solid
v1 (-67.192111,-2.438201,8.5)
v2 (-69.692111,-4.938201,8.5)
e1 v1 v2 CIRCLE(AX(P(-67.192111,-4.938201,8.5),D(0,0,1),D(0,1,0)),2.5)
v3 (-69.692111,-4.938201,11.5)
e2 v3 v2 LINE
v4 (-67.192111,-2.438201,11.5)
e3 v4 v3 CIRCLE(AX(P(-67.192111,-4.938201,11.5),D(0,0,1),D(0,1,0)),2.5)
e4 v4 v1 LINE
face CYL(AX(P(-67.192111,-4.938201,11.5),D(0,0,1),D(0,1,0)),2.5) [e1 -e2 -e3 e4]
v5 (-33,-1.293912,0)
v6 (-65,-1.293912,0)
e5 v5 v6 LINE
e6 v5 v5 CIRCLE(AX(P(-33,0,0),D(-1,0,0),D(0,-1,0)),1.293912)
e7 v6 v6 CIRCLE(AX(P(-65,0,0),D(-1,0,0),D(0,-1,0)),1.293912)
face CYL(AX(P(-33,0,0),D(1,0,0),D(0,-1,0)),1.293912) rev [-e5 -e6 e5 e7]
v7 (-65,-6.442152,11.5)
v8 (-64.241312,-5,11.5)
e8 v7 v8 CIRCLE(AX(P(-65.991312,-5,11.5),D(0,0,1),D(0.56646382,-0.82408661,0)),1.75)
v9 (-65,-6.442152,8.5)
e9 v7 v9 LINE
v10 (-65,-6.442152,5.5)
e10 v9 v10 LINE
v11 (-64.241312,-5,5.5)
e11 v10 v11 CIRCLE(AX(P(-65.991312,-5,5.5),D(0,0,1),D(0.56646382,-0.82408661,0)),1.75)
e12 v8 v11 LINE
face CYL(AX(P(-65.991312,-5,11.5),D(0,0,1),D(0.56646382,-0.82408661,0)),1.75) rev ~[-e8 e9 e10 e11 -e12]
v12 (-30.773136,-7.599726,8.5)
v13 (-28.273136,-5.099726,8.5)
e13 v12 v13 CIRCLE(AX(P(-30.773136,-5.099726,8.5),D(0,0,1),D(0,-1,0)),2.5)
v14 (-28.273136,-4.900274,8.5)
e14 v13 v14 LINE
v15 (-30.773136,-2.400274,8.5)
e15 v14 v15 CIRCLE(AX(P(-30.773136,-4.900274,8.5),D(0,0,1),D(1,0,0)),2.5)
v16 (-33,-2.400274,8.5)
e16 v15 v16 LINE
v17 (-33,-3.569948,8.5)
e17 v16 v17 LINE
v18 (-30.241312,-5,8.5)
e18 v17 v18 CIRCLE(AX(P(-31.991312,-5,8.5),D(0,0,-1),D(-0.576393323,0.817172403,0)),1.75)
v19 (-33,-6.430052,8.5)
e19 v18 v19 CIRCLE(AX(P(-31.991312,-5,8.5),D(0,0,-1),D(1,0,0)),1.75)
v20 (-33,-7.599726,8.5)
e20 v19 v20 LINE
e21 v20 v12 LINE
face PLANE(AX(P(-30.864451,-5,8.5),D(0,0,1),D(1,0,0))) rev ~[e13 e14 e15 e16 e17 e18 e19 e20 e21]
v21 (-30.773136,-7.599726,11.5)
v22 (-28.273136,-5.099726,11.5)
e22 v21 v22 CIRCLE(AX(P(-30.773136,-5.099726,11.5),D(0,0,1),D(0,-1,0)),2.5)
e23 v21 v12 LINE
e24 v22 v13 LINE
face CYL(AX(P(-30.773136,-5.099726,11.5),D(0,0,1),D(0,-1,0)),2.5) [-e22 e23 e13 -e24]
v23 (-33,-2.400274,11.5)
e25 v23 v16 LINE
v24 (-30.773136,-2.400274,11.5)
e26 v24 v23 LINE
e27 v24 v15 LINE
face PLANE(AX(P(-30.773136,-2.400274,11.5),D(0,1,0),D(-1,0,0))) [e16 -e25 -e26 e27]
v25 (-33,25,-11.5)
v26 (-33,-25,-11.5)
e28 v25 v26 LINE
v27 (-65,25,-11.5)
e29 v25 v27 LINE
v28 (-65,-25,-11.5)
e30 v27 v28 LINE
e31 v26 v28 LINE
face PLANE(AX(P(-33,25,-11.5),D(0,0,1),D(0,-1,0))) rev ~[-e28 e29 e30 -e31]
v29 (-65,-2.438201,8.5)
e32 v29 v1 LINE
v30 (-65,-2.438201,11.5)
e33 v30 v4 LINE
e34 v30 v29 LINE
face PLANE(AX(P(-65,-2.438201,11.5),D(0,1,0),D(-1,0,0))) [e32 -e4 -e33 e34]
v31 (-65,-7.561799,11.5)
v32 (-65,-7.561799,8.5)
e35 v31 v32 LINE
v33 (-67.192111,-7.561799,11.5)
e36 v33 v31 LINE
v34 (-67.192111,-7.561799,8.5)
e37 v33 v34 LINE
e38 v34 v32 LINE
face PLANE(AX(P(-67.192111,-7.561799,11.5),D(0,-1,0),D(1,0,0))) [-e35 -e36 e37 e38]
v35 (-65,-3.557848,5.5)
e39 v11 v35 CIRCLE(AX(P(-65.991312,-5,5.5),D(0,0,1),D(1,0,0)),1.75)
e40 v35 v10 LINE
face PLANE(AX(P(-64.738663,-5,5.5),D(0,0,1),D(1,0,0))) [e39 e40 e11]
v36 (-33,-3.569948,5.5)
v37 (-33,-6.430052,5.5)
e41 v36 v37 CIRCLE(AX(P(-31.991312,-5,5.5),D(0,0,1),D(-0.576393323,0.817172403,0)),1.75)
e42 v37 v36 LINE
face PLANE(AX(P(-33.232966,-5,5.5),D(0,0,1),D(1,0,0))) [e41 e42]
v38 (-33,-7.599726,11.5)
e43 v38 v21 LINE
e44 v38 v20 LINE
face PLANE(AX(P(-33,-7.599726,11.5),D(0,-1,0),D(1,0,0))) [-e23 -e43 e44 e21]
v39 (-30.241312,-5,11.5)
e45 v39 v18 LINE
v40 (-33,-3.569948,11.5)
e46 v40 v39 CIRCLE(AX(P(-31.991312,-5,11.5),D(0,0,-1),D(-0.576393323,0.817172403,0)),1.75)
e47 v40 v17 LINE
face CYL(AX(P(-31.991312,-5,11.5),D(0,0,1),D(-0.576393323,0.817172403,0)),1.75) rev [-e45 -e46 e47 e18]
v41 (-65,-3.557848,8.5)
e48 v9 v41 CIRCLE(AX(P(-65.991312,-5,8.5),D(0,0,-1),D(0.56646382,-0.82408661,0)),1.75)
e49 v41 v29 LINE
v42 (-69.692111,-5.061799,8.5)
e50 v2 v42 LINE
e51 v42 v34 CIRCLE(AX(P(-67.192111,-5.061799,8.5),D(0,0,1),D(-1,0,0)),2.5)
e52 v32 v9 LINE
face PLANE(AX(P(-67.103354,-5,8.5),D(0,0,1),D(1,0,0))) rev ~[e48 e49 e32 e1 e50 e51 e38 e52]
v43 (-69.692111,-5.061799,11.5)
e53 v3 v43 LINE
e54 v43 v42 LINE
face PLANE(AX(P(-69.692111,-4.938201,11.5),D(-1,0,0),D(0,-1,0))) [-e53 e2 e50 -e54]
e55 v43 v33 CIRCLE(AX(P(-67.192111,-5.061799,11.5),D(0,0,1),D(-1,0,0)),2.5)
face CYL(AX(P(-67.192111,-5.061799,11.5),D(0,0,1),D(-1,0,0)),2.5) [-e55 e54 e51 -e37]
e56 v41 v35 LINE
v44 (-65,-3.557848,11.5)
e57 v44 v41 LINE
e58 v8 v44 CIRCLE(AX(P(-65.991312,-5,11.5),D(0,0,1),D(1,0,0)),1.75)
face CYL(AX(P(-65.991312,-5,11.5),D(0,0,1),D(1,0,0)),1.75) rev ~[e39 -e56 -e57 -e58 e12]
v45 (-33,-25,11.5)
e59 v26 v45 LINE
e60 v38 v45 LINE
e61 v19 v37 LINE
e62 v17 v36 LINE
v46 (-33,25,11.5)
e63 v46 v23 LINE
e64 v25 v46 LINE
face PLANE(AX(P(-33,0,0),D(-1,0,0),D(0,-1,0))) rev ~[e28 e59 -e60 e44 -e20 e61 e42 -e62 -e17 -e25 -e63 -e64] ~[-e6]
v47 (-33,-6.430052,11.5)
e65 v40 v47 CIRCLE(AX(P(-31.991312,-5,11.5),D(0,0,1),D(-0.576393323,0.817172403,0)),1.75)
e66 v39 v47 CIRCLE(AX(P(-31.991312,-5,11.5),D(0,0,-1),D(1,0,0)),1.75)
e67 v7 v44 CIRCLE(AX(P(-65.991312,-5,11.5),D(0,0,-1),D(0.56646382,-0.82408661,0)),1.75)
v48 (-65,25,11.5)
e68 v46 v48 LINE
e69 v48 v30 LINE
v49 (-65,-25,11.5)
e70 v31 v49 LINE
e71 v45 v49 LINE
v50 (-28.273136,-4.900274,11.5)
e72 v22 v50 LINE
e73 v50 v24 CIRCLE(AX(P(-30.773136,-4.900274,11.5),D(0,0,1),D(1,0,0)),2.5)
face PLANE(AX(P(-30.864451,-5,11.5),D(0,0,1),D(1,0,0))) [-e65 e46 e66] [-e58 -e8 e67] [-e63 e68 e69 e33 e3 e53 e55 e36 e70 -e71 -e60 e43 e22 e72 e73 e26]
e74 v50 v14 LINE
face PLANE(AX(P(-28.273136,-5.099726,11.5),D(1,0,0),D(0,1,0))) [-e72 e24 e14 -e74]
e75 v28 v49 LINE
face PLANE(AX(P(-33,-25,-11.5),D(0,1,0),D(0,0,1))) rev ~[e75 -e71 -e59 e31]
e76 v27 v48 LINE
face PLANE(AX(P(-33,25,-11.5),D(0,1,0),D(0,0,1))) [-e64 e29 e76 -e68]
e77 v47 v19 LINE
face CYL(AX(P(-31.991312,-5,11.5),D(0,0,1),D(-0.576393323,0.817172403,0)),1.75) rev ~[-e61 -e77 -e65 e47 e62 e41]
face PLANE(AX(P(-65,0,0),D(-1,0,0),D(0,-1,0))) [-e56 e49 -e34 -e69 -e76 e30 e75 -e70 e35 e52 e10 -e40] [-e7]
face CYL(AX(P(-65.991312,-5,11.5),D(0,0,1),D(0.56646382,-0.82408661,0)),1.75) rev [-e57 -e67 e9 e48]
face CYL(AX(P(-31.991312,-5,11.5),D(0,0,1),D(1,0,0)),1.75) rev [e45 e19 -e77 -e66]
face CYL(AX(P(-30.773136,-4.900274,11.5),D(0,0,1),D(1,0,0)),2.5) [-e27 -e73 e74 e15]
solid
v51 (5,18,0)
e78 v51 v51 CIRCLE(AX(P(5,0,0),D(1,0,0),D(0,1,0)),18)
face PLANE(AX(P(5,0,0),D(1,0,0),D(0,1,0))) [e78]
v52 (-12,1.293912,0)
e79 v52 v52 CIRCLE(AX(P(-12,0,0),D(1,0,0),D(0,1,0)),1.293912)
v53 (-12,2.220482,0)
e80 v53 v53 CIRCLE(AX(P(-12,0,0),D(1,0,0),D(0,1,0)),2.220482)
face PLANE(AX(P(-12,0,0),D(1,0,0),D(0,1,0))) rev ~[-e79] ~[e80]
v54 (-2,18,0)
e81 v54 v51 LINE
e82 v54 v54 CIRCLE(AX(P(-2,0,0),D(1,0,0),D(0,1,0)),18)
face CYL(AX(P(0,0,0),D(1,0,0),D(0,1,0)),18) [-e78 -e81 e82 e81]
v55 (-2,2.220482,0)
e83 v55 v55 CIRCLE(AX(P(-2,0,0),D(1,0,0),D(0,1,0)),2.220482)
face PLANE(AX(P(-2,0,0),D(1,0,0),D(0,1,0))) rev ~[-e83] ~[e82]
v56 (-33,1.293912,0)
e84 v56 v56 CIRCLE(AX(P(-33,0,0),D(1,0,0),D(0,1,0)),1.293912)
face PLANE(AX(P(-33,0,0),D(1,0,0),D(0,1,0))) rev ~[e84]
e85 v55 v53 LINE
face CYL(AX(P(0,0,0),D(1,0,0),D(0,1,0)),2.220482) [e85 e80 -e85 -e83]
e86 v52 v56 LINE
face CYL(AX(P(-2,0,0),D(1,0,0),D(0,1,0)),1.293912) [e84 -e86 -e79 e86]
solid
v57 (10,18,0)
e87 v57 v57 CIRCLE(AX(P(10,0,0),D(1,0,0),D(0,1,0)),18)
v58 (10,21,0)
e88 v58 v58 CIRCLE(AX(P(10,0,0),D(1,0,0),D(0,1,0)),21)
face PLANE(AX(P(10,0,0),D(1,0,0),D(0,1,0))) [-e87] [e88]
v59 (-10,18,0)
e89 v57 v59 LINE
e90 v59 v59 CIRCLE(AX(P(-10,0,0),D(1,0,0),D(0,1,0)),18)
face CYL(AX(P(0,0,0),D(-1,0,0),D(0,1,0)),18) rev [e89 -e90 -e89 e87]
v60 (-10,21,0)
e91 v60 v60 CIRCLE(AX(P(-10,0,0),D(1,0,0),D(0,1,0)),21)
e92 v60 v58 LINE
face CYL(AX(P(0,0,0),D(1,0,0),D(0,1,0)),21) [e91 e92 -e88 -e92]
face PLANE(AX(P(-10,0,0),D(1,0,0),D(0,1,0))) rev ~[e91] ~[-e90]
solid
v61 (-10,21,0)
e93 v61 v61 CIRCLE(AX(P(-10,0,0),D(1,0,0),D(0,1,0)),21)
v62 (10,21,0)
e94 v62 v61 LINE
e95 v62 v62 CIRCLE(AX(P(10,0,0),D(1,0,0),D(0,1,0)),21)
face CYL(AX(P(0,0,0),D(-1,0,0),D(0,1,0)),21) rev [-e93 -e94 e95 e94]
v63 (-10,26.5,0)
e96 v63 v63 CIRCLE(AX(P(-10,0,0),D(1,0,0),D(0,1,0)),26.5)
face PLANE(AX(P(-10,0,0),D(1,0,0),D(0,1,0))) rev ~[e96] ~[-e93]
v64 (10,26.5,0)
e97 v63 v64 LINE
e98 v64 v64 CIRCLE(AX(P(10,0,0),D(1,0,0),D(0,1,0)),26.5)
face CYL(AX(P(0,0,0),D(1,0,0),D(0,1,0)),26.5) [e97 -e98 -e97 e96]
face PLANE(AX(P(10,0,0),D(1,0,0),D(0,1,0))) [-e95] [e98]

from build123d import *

# Parameters (mm, degrees)
F0_R          = 26.5
F0_R_2        = 21
F1_DEPTH      = 10
F2_R          = 21
F2_R_2        = 18
F3_DEPTH      = 10
F4_R          = 18
F5_DEPTH      = 5
F5_DEPTH_BACK = 2
F6_R          = 2.2204818147
F6_R_2        = 1.293911516
F7_DEPTH      = 12
F8_DEPTH      = 31
F9_W          = 50
F9_H          = 23
F9_R          = 1.293911516
F10_DEPTH     = 32
F12_DEPTH     = 6
F13_DEPTH     = 3
F14_DEPTH     = 6
F15_DEPTH     = 3


with BuildPart() as f1:
    # F0 (on Right) → F1 (new body, symmetric)
    with BuildSketch(Plane.YZ):
        Circle(F0_R)
        Circle(F0_R_2, mode=Mode.SUBTRACT)
    extrude(amount=F1_DEPTH, both=True)


with BuildPart() as f3:
    # F2 (on Right) → F3 (new body, symmetric)
    with BuildSketch(Plane.YZ):
        Circle(F2_R)
        Circle(F2_R_2, mode=Mode.SUBTRACT)
    extrude(amount=F3_DEPTH, both=True)


with BuildPart() as f5:
    # F4 (on Right) → F5 (new body, two sides)
    with BuildSketch(Plane.YZ) as f5_sk:
        Circle(F4_R)
    extrude(amount=F5_DEPTH)
    extrude(f5_sk.sketch, amount=-F5_DEPTH_BACK)

    # F6 (on Right) → F7 (join)
    with BuildSketch(Plane.YZ):
        Circle(F6_R)
        Circle(F6_R_2, mode=Mode.SUBTRACT)
    extrude(amount=-F7_DEPTH)

    # F8 (add): a face of the model
    f8_faces = [f5.faces().sort_by_distance(p)[0] for p in [
        (-2, 0, 0),
    ]]
    extrude(f8_faces, amount=F8_DEPTH)


with BuildPart() as f10:
    # F9 (on face) → F10 (new body)
    with BuildSketch(Plane(origin=(-33, 0, 0), x_dir=(0, -1, 0), z_dir=(-1, 0, 0))):
        Rectangle(F9_W, F9_H)
        Circle(F9_R, mode=Mode.SUBTRACT)
    extrude(amount=F10_DEPTH)

    # F11 (on face) → F12 (cut)
    with BuildSketch(Plane.XY.offset(11.5)):
        with BuildLine():
            ThreePointArc((-64.2413116843, -5), (-64.4425548526, -4.1852286969), (-65, -3.5578484321))
            Line((-65, -3.5578484321), (-65, -6.4421515679))
            ThreePointArc((-65, -6.4421515679), (-64.4425548526, -5.8147713031), (-64.2413116843, -5))
        make_face()
    extrude(amount=-F12_DEPTH, mode=Mode.SUBTRACT)

    # F11 (on face) → F13 (join)
    with BuildSketch(Plane.XY.offset(11.5)):
        with BuildLine():
            Line((-65, -3.5578484321), (-65, -2.4382013362))
            Line((-65, -2.4382013362), (-67.1921111245, -2.4382013362))
            ThreePointArc((-67.1921111245, -2.4382013362), (-68.9598780774, -3.1704343832), (-69.6921111245, -4.9382013362))
            Line((-69.6921111245, -4.9382013362), (-69.6921111245, -5.0617986638))
            ThreePointArc((-69.6921111245, -5.0617986638), (-68.9598780774, -6.8295656168), (-67.1921111245, -7.5617986638))
            Line((-67.1921111245, -7.5617986638), (-65, -7.5617986638))
            Line((-65, -7.5617986638), (-65, -6.4421515679))
            ThreePointArc((-65, -6.4421515679), (-67.7413116843, -5), (-65, -3.5578484321))
        make_face()
    extrude(amount=-F13_DEPTH)

    # F11 (on face) → F14 (cut)
    with BuildSketch(Plane.XY.offset(11.5)):
        with BuildLine():
            Line((-33, -6.4300517059), (-33, -3.5699482941))
            ThreePointArc((-33, -3.5699482941), (-33.7413116843, -5), (-33, -6.4300517059))
        make_face()
    extrude(amount=-F14_DEPTH, mode=Mode.SUBTRACT)

    # F11 (on face) → F15 (join)
    with BuildSketch(Plane.XY.offset(11.5)):
        with BuildLine():
            ThreePointArc((-33, -3.5699482941), (-31.1859249922, -3.4463422911), (-30.2413116843, -5))
            ThreePointArc((-30.2413116843, -5), (-31.1859249922, -6.5536577089), (-33, -6.4300517059))
            Line((-33, -6.4300517059), (-33, -7.5997256115))
            Line((-33, -7.5997256115), (-30.7731356125, -7.5997256115))
            ThreePointArc((-30.7731356125, -7.5997256115), (-29.0053686596, -6.8674925645), (-28.2731356125, -5.0997256115))
            Line((-28.2731356125, -5.0997256115), (-28.2731356125, -4.9002743885))
            ThreePointArc((-28.2731356125, -4.9002743885), (-29.0053686596, -3.1325074355), (-30.7731356125, -2.4002743885))
            Line((-30.7731356125, -2.4002743885), (-33, -2.4002743885))
            Line((-33, -2.4002743885), (-33, -3.5699482941))
        make_face()
    extrude(amount=-F15_DEPTH)


solid = Compound([f1.part, f3.part, f5.part, f10.part])
